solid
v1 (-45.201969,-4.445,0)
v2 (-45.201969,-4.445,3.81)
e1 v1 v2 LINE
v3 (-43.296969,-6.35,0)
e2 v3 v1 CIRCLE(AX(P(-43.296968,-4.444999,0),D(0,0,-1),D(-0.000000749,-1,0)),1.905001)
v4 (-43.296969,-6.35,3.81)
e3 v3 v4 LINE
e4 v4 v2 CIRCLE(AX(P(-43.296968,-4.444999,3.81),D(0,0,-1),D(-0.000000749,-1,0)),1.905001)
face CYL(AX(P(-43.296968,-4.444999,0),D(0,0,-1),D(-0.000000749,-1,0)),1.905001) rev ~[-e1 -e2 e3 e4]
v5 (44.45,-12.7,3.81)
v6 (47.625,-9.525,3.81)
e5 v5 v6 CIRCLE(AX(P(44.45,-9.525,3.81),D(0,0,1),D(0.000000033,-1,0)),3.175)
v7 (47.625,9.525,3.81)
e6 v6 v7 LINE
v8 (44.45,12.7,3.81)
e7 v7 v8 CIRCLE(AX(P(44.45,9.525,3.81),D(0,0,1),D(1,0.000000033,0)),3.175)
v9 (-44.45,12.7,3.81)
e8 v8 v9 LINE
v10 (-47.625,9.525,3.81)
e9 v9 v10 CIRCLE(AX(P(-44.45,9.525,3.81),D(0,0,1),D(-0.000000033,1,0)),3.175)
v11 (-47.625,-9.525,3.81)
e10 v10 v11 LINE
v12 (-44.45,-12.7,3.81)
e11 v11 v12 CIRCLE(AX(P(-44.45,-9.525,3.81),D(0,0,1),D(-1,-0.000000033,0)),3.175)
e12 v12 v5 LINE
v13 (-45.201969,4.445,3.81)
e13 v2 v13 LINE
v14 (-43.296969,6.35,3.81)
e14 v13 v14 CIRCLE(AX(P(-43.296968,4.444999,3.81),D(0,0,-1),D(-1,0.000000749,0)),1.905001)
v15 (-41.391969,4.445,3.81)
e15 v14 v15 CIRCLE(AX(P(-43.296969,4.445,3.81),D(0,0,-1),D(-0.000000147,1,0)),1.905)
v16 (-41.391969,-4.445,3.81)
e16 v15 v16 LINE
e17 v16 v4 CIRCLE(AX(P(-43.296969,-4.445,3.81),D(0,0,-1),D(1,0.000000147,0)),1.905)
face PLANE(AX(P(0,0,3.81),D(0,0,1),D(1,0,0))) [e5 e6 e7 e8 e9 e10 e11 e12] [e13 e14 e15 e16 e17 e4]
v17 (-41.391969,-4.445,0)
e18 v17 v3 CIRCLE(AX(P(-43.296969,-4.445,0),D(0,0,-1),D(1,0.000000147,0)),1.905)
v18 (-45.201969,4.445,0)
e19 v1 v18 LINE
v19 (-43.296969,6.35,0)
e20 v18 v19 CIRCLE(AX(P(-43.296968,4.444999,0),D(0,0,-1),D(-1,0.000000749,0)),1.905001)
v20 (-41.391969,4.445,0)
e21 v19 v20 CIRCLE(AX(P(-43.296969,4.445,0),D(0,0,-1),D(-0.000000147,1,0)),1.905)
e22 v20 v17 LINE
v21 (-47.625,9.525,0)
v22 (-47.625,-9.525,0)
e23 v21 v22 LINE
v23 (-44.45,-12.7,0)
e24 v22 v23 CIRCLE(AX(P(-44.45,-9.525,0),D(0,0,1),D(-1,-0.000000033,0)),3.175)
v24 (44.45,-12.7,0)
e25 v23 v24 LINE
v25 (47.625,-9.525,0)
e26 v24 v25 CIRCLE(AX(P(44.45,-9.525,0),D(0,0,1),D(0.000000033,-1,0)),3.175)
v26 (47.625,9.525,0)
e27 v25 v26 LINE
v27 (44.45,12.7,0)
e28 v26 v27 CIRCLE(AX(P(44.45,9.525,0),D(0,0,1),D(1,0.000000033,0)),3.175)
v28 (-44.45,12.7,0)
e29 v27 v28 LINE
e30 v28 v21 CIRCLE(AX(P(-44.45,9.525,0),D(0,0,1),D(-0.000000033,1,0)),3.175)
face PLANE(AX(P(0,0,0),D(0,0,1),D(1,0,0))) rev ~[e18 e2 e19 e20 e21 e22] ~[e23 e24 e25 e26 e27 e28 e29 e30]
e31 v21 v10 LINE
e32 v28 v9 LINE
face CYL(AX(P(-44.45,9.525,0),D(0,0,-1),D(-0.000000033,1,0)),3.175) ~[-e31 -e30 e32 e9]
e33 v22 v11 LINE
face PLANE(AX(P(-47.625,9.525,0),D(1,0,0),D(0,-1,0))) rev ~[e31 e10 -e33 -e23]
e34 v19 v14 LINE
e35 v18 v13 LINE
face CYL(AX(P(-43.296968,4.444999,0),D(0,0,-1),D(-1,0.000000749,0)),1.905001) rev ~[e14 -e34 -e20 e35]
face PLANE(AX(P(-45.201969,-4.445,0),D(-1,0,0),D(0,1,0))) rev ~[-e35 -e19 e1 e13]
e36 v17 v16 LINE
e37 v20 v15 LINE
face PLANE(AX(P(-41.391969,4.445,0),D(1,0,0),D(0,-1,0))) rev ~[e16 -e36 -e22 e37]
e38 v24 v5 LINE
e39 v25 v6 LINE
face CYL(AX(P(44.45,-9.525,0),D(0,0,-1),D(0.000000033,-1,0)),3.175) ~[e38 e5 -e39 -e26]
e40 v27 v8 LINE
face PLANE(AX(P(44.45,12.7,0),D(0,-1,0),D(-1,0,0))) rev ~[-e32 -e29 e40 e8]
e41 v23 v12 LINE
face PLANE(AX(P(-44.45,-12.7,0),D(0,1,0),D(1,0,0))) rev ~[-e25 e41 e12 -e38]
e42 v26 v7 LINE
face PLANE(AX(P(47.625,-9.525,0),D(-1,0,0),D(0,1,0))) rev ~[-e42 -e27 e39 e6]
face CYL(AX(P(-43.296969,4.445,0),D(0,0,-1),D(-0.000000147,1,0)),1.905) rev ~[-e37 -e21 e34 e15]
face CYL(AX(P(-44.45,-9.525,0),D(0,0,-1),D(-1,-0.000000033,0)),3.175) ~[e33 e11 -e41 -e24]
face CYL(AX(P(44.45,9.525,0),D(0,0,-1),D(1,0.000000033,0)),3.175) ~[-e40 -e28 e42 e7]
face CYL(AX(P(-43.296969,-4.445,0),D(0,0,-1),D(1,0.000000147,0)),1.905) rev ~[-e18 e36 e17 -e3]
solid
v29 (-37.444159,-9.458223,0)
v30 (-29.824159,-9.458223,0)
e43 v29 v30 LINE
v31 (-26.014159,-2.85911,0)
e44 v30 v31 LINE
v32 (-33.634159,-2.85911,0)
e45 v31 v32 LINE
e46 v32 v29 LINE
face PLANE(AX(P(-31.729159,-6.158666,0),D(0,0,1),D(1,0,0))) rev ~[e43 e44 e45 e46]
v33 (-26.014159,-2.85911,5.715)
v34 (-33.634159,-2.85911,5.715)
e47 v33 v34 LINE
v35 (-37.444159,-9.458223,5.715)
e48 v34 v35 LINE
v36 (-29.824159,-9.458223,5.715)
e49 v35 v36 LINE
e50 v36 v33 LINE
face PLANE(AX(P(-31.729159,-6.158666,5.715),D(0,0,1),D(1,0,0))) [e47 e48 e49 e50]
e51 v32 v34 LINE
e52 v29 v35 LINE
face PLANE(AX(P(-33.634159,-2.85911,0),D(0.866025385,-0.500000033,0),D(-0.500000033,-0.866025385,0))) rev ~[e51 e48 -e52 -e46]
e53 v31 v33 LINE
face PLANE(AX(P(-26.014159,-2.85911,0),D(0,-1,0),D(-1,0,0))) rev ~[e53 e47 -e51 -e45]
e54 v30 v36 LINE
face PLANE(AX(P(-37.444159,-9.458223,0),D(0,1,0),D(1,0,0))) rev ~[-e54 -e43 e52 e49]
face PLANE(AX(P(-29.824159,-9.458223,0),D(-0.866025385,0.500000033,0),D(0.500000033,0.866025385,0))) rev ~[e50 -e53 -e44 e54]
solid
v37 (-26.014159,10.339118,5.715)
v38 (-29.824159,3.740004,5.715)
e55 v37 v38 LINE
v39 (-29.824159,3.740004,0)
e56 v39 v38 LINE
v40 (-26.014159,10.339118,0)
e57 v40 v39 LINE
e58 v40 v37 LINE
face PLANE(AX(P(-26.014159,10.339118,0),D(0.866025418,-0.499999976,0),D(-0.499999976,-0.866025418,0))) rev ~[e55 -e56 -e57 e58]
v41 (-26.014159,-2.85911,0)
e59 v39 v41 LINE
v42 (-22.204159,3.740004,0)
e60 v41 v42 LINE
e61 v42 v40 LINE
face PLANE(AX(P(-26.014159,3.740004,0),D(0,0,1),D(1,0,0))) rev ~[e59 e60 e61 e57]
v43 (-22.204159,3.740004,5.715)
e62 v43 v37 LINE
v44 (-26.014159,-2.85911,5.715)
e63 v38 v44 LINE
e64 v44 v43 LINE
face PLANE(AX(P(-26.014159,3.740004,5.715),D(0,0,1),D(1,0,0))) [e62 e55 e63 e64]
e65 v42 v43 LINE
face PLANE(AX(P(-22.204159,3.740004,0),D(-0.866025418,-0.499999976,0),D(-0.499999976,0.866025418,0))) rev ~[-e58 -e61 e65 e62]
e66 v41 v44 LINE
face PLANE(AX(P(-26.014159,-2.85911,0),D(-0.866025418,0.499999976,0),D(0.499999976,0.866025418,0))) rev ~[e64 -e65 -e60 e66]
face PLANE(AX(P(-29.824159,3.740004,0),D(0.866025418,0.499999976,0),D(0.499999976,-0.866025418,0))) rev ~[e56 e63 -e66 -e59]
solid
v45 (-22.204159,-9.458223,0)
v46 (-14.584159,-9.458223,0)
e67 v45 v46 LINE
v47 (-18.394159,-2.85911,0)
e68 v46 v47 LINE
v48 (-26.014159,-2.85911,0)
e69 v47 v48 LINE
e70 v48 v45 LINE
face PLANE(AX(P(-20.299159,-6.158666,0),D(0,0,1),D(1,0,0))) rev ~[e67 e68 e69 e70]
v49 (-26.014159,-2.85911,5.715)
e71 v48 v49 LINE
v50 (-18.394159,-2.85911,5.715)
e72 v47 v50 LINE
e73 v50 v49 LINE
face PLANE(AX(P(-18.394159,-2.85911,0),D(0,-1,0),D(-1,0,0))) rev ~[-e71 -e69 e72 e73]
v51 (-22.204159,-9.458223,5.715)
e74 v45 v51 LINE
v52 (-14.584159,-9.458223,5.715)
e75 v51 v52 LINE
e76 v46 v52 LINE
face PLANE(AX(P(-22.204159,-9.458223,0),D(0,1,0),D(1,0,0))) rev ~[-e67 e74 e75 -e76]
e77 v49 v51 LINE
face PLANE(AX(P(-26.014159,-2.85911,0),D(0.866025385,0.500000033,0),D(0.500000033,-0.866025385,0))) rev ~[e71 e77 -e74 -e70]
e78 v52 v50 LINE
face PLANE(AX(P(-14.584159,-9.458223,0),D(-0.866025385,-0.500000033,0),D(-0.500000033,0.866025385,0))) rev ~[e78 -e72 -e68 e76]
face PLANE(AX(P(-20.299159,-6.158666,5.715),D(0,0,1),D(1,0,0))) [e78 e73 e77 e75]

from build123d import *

# Parameters (mm, degrees)
F2_DEPTH = 3.81
F3_DEPTH = 5.715


with BuildPart() as f2:
    # F0 (on Top) → F2 (new body)
    with BuildSketch(Plane.XY):
        with BuildLine():
            Line((-44.45, -12.7), (44.45, -12.7))
            ThreePointArc((44.45, -12.7), (46.695064, -11.770064), (47.625, -9.525))
            Line((47.625, -9.525), (47.625, 9.525))
            ThreePointArc((47.625, 9.525), (46.695064, 11.770064), (44.45, 12.7))
            Line((44.45, 12.7), (-44.45, 12.7))
            ThreePointArc((-44.45, 12.7), (-46.695064, 11.770064), (-47.625, 9.525))
            Line((-47.625, 9.525), (-47.625, -9.525))
            ThreePointArc((-47.625, -9.525), (-46.695064, -11.770064), (-44.45, -12.7))
        make_face()
        with BuildLine():
            ThreePointArc((45.72, -8.89), (45.162038, -10.237038), (43.815, -10.795))
            Line((43.815, -10.795), (-43.815, -10.795))
            ThreePointArc((-43.815, -10.795), (-45.162038, -10.237038), (-45.72, -8.89))
            Line((-45.72, -8.89), (-45.72, 8.89))
            ThreePointArc((-45.72, 8.89), (-45.162038, 10.237038), (-43.815, 10.795))
            Line((-43.815, 10.795), (43.815, 10.795))
            ThreePointArc((43.815, 10.795), (45.162038, 10.237038), (45.72, 8.89))
            Line((45.72, 8.89), (45.72, -8.89))
        make_face(mode=Mode.SUBTRACT)
        with BuildLine():
            Line((-43.815, -10.795), (43.815, -10.795))
            ThreePointArc((43.815, -10.795), (45.162038, -10.237038), (45.72, -8.89))
            Line((45.72, -8.89), (45.72, 8.89))
            ThreePointArc((45.72, 8.89), (45.162038, 10.237038), (43.815, 10.795))
            Line((43.815, 10.795), (-43.815, 10.795))
            ThreePointArc((-43.815, 10.795), (-45.162038, 10.237038), (-45.72, 8.89))
            Line((-45.72, 8.89), (-45.72, -8.89))
            ThreePointArc((-45.72, -8.89), (-45.162038, -10.237038), (-43.815, -10.795))
        make_face()
        with BuildLine():
            Line((-41.391969, 4.445), (-41.391969, -4.445))
            ThreePointArc((-41.391969, -4.445), (-41.94993, -5.792038), (-43.296969, -6.35))
            ThreePointArc((-43.296969, -6.35), (-44.644007, -5.792038), (-45.201969, -4.445))
            Line((-45.201969, -4.445), (-45.201969, 4.445))
            ThreePointArc((-45.201969, 4.445), (-44.644007, 5.792038), (-43.296969, 6.35))
            ThreePointArc((-43.296969, 6.35), (-41.94993, 5.792038), (-41.391969, 4.445))
        make_face(mode=Mode.SUBTRACT)
    extrude(amount=F2_DEPTH)


with BuildPart() as f3:
    # F1 (on Top) → F3 (new body)
    with BuildSketch(Plane.XY):
        Polygon((-29.824159, 3.740004), (-26.014159, -2.85911), (-22.204159, 3.740004), (-26.014159, 10.339118), align=None)
        Polygon((-29.824159, -9.458223), (-26.014159, -2.85911), (-33.634159, -2.85911), (-37.444159, -9.458223), align=None)
        Polygon((-18.394159, -2.85911), (-26.014159, -2.85911), (-22.204159, -9.458223), (-14.584159, -9.458223), align=None)
    extrude(amount=F3_DEPTH)


solid = Compound([f2.part, f3.part])
